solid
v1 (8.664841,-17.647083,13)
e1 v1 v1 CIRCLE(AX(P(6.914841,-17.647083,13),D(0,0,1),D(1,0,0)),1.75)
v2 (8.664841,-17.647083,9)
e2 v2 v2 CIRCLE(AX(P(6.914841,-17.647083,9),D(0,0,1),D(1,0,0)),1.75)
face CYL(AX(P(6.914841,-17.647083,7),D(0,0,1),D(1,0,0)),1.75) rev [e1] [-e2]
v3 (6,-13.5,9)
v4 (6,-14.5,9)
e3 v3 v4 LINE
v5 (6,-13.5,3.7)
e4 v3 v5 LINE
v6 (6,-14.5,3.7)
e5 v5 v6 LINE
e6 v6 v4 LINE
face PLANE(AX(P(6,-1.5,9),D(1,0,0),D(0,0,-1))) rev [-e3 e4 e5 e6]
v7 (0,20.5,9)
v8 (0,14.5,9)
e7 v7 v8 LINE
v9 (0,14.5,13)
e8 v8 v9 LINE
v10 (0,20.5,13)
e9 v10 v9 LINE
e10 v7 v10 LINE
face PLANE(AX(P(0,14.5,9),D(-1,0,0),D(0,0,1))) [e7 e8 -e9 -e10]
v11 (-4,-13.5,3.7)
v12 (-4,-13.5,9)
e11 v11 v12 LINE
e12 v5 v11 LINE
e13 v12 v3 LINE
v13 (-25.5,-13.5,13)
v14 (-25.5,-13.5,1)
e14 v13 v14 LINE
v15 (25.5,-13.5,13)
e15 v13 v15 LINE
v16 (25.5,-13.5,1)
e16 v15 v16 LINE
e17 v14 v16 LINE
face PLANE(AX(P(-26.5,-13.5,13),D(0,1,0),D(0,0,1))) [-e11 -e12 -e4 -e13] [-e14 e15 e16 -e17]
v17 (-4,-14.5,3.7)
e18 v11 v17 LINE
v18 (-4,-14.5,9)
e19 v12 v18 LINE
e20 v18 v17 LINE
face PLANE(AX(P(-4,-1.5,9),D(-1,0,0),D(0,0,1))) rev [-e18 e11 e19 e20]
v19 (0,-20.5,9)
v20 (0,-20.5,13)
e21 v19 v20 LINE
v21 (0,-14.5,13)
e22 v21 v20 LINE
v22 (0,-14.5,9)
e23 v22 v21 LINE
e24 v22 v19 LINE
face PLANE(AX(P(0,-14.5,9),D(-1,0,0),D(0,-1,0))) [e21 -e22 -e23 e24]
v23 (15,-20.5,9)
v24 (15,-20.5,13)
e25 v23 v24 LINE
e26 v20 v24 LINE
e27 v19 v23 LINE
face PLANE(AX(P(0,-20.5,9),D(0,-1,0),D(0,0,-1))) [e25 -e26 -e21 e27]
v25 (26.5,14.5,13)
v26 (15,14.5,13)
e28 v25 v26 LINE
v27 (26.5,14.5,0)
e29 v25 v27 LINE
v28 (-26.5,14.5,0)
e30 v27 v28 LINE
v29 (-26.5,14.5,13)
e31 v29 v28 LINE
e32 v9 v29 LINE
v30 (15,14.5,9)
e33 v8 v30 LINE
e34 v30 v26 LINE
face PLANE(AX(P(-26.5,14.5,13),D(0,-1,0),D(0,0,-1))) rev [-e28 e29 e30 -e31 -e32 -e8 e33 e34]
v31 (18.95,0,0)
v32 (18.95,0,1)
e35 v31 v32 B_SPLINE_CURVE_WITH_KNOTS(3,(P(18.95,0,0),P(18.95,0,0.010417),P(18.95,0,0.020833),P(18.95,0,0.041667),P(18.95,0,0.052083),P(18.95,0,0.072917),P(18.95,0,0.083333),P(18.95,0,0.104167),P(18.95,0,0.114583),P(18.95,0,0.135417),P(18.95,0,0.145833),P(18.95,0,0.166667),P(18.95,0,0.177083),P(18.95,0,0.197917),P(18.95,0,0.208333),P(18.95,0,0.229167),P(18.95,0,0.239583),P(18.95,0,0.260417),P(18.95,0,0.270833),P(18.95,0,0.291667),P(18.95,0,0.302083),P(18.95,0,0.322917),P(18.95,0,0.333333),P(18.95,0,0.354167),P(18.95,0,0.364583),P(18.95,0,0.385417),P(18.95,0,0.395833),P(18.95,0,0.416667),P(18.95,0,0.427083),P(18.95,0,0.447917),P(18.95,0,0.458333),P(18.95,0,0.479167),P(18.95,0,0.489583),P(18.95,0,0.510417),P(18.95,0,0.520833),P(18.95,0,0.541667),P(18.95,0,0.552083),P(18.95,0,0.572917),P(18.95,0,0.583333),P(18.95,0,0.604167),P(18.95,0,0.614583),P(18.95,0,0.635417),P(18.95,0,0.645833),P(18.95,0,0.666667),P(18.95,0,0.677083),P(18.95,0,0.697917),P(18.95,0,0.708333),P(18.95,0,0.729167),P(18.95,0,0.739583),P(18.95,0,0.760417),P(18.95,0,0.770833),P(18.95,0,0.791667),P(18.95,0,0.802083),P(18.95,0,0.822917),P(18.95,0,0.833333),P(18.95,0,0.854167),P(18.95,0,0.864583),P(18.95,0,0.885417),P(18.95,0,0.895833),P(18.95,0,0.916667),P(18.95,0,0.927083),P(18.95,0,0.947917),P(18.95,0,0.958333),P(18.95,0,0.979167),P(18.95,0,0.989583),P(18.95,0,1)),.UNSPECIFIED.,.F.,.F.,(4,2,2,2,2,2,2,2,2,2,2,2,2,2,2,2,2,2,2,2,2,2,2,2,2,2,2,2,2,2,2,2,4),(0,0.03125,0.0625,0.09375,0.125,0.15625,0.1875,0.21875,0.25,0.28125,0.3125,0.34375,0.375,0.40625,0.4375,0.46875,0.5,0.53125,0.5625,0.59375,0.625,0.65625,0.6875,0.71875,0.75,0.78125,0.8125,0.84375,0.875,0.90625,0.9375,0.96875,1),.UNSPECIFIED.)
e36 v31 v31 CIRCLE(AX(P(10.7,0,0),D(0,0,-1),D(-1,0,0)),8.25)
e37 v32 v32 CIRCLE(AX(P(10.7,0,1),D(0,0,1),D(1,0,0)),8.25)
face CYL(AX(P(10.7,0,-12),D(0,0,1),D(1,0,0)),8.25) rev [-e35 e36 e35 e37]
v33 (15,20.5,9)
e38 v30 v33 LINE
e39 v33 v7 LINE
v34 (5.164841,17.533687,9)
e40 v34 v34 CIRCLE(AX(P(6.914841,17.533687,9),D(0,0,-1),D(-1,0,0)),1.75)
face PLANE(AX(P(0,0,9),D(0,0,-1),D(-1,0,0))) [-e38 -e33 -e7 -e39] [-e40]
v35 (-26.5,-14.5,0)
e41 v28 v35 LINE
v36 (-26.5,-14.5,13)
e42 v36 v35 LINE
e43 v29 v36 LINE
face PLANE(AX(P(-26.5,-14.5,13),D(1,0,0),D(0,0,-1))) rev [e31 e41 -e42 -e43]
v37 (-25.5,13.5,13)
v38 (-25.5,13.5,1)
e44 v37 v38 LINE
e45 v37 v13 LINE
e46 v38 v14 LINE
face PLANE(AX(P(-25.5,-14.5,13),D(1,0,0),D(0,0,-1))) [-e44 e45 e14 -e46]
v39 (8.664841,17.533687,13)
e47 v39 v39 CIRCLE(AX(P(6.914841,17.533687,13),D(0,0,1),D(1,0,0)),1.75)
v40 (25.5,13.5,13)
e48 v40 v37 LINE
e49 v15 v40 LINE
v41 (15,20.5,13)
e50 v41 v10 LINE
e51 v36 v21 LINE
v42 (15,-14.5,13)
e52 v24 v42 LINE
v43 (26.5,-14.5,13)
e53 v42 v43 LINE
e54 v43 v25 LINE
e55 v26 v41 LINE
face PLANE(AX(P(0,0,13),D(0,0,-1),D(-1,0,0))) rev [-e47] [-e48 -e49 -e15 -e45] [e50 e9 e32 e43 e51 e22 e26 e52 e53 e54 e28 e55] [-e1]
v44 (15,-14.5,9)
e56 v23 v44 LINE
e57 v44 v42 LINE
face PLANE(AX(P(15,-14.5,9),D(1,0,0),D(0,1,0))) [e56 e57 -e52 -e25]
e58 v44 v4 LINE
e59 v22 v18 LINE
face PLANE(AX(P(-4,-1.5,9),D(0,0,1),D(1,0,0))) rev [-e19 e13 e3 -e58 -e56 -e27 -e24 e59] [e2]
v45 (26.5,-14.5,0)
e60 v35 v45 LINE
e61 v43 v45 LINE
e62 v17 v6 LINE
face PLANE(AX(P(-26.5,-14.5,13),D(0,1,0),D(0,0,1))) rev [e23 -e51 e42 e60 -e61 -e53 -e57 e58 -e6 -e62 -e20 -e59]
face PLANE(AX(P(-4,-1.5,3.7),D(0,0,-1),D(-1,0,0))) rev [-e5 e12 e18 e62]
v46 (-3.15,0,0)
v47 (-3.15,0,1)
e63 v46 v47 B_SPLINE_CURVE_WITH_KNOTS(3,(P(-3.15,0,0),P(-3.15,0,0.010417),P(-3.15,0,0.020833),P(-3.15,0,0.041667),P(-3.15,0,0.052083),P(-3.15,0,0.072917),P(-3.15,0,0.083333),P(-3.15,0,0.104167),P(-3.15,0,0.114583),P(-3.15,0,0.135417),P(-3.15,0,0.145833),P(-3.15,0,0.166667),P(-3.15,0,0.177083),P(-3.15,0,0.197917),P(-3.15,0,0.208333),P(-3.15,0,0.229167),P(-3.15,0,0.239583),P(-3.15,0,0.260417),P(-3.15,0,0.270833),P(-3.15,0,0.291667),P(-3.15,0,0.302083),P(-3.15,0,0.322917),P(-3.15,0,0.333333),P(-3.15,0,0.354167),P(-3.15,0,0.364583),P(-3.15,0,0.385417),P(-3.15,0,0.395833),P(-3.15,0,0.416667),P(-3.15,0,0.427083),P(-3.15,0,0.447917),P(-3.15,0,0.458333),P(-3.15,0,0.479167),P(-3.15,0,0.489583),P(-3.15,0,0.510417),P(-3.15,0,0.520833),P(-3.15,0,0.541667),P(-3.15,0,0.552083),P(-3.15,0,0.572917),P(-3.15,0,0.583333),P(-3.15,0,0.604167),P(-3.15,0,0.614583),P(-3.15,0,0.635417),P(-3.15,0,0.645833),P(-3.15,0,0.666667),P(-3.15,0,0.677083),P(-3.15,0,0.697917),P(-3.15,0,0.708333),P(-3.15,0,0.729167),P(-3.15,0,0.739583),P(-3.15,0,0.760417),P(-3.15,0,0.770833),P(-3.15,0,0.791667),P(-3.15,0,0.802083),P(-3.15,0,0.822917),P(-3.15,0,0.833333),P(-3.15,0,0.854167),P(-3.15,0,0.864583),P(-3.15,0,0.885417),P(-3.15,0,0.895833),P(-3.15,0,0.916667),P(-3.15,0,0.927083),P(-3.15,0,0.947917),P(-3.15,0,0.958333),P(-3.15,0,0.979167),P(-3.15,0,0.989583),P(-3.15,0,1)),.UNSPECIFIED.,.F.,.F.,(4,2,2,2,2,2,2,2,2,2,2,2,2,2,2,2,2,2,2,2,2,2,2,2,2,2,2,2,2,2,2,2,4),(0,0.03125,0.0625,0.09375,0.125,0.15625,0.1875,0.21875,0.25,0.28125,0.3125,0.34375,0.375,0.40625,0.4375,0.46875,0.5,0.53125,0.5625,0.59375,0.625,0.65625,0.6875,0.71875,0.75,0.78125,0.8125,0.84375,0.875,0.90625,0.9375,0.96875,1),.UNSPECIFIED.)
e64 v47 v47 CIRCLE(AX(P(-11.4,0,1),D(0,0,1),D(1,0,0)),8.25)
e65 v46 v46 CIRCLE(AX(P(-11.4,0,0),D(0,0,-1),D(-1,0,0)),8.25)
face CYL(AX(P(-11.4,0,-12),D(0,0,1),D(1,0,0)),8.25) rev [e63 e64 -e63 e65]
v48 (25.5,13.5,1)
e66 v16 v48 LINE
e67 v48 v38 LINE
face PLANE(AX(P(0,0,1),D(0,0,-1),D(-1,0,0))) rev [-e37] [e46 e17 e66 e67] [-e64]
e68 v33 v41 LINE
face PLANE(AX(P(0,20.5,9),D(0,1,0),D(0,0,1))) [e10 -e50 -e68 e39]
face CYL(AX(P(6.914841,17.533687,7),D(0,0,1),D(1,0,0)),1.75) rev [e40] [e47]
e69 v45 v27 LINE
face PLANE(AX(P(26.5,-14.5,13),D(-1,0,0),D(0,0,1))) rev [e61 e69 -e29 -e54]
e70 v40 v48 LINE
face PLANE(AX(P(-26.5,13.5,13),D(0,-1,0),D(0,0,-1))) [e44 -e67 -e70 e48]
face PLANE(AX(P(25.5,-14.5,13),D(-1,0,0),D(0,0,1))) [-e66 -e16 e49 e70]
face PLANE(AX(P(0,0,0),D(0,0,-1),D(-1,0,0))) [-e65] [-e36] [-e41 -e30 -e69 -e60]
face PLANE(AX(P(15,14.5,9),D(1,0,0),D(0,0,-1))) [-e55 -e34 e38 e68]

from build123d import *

# Parameters (mm, degrees)
SKETCH1_W           = 53
SKETCH1_H           = 29
BOSS_EXTRUDE2_DEPTH = 13
SHELL5_T            = -1
SKETCH3_R           = 8.25
CUT_EXTRUDE1_DEPTH  = 13
SKETCH4_W           = 10
SKETCH4_H           = 5.3
CUT_EXTRUDE2_DEPTH  = 13
SKETCH5_W           = 15
SKETCH5_H           = 6
BOSS_EXTRUDE3_DEPTH = 4
SKETCH6_R           = 1.75
CUT_EXTRUDE3_DEPTH  = 6


with BuildPart() as part:
    # Sketch1 → Boss-Extrude2 (new body)
    with BuildSketch(Plane.XY):
        Rectangle(SKETCH1_W, SKETCH1_H)
    extrude(amount=BOSS_EXTRUDE2_DEPTH)

    # Shell5
    shell5_openings = [part.faces().sort_by_distance(p)[0] for p in [
        (0, 0, 13),
    ]]
    offset(amount=SHELL5_T, openings=shell5_openings, kind=Kind.INTERSECTION)

    # Sketch3 → Cut-Extrude1 (cut)
    with BuildSketch(Plane.XY.offset(1)):
        with Locations((-11.4, 0)):
            Circle(SKETCH3_R)
        with Locations((10.7, 0)):
            Circle(SKETCH3_R)
    extrude(amount=-CUT_EXTRUDE1_DEPTH, mode=Mode.SUBTRACT)

    # Sketch4 → Cut-Extrude2 (cut)
    with BuildSketch(Plane.XZ.offset(14.5)):
        with Locations((1, 6.35)):
            Rectangle(SKETCH4_W, SKETCH4_H)
    extrude(amount=-CUT_EXTRUDE2_DEPTH, mode=Mode.SUBTRACT)

    # Sketch5 → Boss-Extrude3 (add)
    with BuildSketch(Plane.XY.offset(13)):
        with Locations((7.5, 17.5)):
            Rectangle(SKETCH5_W, SKETCH5_H)
        with Locations((7.5, -17.5)):
            Rectangle(SKETCH5_W, SKETCH5_H)
    extrude(amount=-BOSS_EXTRUDE3_DEPTH)

    # Sketch6 → Cut-Extrude3 (cut)
    with BuildSketch(Plane.XY.offset(13)):
        with Locations((6.914840987, 17.533686801)):
            Circle(SKETCH6_R)
        with Locations((6.914840987, -17.647083132)):
            Circle(SKETCH6_R)
    extrude(amount=-CUT_EXTRUDE3_DEPTH, mode=Mode.SUBTRACT)


solid = part.part
